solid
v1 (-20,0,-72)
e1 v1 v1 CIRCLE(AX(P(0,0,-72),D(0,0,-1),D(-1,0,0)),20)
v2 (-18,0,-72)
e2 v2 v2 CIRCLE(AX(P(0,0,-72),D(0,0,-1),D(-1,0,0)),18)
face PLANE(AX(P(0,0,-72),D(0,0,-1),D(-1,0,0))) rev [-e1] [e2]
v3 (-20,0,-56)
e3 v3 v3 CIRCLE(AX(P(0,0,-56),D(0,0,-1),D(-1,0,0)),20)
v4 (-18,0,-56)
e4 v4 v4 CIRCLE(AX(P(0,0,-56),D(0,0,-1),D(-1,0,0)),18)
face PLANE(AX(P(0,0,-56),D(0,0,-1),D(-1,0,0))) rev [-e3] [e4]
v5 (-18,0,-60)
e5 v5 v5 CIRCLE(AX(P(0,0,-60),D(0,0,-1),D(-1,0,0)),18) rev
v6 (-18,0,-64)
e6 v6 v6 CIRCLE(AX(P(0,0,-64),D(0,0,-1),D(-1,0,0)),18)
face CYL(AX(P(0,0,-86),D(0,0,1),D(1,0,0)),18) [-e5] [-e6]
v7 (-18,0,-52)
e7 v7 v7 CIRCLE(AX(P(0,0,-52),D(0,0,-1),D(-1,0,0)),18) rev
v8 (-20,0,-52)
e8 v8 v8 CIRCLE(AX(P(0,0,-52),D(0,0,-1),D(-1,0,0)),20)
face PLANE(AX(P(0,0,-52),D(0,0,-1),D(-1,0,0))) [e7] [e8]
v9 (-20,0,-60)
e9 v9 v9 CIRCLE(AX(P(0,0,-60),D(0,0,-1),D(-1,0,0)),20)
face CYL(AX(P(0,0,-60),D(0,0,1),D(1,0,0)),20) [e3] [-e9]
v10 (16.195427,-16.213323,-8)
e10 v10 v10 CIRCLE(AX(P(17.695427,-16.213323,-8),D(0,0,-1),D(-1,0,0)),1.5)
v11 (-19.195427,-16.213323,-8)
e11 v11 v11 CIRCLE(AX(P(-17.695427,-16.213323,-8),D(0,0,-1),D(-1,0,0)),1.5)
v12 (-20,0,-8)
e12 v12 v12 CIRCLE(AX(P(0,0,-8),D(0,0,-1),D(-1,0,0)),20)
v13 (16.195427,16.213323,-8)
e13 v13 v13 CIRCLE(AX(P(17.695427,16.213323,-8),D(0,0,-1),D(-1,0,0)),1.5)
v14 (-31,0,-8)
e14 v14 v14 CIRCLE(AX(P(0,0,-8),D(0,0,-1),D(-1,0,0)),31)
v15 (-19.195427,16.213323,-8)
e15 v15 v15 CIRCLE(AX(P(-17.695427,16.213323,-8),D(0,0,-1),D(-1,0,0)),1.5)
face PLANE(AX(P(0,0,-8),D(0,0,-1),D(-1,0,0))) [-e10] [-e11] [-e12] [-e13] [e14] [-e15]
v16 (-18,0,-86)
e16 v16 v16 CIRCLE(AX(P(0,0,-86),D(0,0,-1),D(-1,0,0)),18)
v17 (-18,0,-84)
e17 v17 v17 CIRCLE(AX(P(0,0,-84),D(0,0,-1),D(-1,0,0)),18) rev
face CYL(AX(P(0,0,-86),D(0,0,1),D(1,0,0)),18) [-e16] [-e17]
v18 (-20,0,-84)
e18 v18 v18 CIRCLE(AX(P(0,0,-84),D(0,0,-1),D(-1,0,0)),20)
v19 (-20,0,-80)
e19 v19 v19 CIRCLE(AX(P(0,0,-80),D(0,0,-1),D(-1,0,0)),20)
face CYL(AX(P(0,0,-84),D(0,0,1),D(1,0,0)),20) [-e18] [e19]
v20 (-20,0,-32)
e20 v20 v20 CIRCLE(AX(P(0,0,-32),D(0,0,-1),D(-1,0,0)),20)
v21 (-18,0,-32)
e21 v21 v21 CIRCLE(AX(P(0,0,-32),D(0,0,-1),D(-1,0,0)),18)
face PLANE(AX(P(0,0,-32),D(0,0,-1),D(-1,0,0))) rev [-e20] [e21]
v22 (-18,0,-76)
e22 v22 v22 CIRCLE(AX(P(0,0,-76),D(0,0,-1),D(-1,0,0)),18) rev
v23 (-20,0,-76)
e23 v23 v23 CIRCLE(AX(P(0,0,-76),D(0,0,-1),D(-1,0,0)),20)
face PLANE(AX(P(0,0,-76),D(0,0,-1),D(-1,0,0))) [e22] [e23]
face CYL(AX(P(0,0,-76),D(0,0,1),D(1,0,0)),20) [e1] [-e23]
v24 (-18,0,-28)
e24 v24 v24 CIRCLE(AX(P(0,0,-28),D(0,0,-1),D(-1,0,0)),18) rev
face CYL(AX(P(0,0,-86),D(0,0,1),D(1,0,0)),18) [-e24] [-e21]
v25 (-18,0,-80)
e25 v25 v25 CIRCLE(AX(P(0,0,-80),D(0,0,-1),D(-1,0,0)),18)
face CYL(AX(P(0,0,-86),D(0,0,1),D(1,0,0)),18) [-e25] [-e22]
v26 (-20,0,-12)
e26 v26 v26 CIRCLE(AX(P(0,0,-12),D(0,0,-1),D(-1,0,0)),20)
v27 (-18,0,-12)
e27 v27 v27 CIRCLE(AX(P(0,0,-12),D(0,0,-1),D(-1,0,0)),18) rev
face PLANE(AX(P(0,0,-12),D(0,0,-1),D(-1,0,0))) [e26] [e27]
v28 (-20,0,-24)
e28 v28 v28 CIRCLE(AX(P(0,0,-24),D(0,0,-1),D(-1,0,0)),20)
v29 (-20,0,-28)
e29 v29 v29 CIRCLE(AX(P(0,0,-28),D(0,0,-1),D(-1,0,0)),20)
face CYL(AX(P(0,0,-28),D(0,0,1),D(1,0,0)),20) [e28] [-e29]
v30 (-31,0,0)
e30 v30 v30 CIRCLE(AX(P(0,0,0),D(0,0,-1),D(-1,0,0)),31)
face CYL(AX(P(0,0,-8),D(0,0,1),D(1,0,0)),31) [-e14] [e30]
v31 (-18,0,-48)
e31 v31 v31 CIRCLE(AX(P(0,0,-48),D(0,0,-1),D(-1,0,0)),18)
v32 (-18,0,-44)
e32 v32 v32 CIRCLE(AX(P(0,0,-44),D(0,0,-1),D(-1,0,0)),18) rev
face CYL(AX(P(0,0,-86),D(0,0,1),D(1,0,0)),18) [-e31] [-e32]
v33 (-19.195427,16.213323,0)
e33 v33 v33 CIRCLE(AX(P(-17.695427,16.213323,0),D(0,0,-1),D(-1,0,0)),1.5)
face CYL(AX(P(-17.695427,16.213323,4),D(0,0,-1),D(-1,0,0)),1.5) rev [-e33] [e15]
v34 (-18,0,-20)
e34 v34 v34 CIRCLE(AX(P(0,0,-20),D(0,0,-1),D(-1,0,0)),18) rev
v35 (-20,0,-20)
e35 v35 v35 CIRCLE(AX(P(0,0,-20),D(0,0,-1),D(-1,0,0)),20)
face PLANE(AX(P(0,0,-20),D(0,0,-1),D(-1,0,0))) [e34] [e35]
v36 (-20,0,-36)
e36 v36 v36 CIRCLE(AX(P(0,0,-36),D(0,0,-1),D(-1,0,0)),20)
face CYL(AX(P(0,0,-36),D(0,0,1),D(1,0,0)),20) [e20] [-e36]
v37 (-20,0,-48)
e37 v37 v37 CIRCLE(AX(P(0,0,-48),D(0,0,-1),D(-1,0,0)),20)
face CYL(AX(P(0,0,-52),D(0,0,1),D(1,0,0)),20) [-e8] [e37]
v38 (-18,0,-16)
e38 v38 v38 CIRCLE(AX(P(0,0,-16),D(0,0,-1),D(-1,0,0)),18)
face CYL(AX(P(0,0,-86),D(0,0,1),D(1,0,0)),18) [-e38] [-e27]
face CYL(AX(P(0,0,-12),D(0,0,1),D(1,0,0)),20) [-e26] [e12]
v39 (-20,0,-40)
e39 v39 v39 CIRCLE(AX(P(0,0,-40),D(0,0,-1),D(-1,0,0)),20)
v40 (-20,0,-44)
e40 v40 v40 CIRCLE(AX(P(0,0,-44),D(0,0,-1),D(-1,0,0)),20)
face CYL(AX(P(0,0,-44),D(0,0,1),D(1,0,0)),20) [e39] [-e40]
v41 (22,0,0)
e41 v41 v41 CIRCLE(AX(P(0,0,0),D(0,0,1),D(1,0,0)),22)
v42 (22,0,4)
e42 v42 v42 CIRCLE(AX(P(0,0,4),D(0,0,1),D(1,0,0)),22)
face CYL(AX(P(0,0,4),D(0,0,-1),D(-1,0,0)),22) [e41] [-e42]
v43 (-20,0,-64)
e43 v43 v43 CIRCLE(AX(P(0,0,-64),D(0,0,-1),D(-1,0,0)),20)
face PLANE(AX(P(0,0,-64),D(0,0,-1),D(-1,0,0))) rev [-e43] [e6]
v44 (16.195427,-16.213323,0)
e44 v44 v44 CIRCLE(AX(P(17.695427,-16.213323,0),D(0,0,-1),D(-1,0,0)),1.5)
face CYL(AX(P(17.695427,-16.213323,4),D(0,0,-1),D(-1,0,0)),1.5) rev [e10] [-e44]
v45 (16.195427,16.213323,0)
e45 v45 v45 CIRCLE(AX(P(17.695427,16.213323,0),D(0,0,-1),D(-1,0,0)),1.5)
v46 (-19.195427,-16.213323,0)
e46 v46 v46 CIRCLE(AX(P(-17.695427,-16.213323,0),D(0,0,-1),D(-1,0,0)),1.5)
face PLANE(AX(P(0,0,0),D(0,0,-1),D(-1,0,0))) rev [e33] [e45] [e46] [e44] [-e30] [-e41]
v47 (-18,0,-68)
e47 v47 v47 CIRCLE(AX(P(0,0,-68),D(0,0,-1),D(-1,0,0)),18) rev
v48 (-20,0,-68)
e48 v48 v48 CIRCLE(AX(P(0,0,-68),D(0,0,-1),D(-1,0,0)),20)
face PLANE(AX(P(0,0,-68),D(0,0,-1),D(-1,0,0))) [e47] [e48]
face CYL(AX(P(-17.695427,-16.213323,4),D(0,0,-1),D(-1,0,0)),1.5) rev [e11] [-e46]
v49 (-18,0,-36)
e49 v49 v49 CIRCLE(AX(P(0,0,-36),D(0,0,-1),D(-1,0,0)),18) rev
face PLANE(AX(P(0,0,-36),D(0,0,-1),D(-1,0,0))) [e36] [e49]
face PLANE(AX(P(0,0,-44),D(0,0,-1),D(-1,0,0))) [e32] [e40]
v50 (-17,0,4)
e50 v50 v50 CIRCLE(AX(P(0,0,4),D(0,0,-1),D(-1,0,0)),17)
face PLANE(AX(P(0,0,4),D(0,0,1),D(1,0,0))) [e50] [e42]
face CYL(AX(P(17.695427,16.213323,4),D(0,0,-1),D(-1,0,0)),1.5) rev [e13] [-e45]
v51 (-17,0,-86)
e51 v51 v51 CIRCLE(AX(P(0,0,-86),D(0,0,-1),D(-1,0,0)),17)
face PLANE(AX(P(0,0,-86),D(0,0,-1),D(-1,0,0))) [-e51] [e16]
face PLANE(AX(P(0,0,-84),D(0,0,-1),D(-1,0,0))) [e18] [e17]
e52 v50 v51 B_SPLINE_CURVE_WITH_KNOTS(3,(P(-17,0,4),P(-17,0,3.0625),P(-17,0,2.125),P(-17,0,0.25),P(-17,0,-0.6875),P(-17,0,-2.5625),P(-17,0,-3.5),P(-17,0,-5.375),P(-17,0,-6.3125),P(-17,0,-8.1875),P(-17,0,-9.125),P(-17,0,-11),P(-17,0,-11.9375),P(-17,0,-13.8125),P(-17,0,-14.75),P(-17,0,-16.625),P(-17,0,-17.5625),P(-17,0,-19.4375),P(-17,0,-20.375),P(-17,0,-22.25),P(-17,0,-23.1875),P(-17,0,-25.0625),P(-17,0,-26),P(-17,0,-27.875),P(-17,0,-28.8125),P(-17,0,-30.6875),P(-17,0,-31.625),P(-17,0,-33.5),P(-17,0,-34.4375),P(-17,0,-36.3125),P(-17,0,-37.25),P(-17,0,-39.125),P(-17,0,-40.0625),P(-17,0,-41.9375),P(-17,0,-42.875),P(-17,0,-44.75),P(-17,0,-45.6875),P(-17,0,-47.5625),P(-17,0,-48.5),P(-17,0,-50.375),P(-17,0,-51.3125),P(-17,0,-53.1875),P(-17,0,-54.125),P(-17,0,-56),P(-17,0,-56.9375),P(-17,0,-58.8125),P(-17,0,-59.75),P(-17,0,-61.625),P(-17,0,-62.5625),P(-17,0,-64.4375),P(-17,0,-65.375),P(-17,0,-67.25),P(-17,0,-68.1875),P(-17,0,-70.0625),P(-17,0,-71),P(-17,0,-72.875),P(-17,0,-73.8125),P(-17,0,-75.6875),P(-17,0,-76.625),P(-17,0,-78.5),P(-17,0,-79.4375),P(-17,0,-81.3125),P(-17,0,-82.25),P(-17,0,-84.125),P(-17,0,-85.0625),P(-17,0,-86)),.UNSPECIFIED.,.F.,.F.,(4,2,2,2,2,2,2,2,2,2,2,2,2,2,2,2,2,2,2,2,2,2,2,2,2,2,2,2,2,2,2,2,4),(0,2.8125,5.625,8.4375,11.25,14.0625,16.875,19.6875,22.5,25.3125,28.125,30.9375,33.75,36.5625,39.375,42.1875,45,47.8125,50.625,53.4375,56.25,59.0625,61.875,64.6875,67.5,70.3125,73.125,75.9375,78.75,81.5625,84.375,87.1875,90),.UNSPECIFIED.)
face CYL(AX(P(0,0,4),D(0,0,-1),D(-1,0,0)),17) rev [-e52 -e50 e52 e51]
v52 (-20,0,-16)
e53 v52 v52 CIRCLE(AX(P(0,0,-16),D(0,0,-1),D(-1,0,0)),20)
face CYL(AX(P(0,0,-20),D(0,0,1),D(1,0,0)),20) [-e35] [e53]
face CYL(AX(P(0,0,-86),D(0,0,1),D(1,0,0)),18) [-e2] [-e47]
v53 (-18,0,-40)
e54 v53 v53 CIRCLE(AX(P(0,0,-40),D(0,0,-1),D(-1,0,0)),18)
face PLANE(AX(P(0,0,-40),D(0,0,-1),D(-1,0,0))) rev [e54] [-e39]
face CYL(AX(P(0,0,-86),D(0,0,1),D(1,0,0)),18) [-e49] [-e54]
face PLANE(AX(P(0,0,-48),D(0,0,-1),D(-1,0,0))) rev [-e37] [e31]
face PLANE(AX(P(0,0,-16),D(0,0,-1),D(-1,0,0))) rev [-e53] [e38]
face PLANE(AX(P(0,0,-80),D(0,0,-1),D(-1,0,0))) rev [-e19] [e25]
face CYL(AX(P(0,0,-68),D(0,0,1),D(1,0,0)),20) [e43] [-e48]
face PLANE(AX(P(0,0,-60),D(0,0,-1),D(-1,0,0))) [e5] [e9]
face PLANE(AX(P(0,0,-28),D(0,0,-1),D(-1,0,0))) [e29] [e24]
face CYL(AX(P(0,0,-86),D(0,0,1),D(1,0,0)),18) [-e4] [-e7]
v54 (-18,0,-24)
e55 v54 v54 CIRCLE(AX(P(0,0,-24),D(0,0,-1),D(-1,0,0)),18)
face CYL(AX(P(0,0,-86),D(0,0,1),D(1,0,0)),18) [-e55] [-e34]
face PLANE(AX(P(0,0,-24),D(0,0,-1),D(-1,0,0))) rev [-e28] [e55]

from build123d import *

# Parameters (mm, degrees)
SKETCH1_R           = 22
BOSS_EXTRUDE1_DEPTH = 4
SKETCH2_R           = 31
BOSS_EXTRUDE2_DEPTH = 8
SKETCH3_R           = 1.5
CUT_EXTRUDE1_DEPTH  = 46.453272709
SKETCH4_R           = 18
BOSS_EXTRUDE3_DEPTH = 78
SKETCH5_R           = 17
CUT_EXTRUDE2_DEPTH  = 101.109939566
SKETCH6_R           = 20
SKETCH6_R_2         = 18
BOSS_EXTRUDE4_DEPTH = 4
LPATTERN1_COUNT     = 10
LPATTERN1_PITCH     = 8


with BuildPart() as part:
    # Sketch1 → Boss-Extrude1 (new body)
    with BuildSketch(Plane.XY):
        Circle(SKETCH1_R)
    extrude(amount=BOSS_EXTRUDE1_DEPTH)

    # Sketch2 → Boss-Extrude2 (add)
    with BuildSketch(Plane(origin=(0, 0, 0), x_dir=(-1, 0, 0), z_dir=(0, 0, -1))):
        Circle(SKETCH2_R)
    extrude(amount=BOSS_EXTRUDE2_DEPTH)

    # Sketch3 → Cut-Extrude1 (cut, through all)
    with BuildSketch(Plane(origin=(0, 0, -8), x_dir=(-1, 0, 0), z_dir=(0, 0, -1))):
        with Locations((-17.695427462, 16.213323131)):
            Circle(SKETCH3_R)
        with Locations((17.695427462, 16.213323131)):
            Circle(SKETCH3_R)
        with Locations((17.695427462, -16.213323131)):
            Circle(SKETCH3_R)
        with Locations((-17.695427462, -16.213323131)):
            Circle(SKETCH3_R)
    extrude(amount=-CUT_EXTRUDE1_DEPTH, mode=Mode.SUBTRACT)

    # Sketch4 → Boss-Extrude3 (add)
    with BuildSketch(Plane(origin=(0, 0, -8), x_dir=(-1, 0, 0), z_dir=(0, 0, -1))):
        Circle(SKETCH4_R)
    extrude(amount=BOSS_EXTRUDE3_DEPTH)

    # Sketch5 → Cut-Extrude2 (cut, through all)
    with BuildSketch(Plane(origin=(0, 0, -86), x_dir=(-1, 0, 0), z_dir=(0, 0, -1))):
        Circle(SKETCH5_R)
    extrude(amount=-CUT_EXTRUDE2_DEPTH, mode=Mode.SUBTRACT)

    # Sketch6 → Boss-Extrude4 (add)
    with BuildSketch(Plane(origin=(0, 0, -8), x_dir=(-1, 0, 0), z_dir=(0, 0, -1))):
        Circle(SKETCH6_R)
        Circle(SKETCH6_R_2, mode=Mode.SUBTRACT)
    boss_extrude4 = extrude(amount=BOSS_EXTRUDE4_DEPTH)

    # LPattern1: Boss-Extrude4 ×10
    with Locations(*[(0, 0, -i * LPATTERN1_PITCH) for i in range(1, LPATTERN1_COUNT)]):
        add(boss_extrude4)


solid = part.part
